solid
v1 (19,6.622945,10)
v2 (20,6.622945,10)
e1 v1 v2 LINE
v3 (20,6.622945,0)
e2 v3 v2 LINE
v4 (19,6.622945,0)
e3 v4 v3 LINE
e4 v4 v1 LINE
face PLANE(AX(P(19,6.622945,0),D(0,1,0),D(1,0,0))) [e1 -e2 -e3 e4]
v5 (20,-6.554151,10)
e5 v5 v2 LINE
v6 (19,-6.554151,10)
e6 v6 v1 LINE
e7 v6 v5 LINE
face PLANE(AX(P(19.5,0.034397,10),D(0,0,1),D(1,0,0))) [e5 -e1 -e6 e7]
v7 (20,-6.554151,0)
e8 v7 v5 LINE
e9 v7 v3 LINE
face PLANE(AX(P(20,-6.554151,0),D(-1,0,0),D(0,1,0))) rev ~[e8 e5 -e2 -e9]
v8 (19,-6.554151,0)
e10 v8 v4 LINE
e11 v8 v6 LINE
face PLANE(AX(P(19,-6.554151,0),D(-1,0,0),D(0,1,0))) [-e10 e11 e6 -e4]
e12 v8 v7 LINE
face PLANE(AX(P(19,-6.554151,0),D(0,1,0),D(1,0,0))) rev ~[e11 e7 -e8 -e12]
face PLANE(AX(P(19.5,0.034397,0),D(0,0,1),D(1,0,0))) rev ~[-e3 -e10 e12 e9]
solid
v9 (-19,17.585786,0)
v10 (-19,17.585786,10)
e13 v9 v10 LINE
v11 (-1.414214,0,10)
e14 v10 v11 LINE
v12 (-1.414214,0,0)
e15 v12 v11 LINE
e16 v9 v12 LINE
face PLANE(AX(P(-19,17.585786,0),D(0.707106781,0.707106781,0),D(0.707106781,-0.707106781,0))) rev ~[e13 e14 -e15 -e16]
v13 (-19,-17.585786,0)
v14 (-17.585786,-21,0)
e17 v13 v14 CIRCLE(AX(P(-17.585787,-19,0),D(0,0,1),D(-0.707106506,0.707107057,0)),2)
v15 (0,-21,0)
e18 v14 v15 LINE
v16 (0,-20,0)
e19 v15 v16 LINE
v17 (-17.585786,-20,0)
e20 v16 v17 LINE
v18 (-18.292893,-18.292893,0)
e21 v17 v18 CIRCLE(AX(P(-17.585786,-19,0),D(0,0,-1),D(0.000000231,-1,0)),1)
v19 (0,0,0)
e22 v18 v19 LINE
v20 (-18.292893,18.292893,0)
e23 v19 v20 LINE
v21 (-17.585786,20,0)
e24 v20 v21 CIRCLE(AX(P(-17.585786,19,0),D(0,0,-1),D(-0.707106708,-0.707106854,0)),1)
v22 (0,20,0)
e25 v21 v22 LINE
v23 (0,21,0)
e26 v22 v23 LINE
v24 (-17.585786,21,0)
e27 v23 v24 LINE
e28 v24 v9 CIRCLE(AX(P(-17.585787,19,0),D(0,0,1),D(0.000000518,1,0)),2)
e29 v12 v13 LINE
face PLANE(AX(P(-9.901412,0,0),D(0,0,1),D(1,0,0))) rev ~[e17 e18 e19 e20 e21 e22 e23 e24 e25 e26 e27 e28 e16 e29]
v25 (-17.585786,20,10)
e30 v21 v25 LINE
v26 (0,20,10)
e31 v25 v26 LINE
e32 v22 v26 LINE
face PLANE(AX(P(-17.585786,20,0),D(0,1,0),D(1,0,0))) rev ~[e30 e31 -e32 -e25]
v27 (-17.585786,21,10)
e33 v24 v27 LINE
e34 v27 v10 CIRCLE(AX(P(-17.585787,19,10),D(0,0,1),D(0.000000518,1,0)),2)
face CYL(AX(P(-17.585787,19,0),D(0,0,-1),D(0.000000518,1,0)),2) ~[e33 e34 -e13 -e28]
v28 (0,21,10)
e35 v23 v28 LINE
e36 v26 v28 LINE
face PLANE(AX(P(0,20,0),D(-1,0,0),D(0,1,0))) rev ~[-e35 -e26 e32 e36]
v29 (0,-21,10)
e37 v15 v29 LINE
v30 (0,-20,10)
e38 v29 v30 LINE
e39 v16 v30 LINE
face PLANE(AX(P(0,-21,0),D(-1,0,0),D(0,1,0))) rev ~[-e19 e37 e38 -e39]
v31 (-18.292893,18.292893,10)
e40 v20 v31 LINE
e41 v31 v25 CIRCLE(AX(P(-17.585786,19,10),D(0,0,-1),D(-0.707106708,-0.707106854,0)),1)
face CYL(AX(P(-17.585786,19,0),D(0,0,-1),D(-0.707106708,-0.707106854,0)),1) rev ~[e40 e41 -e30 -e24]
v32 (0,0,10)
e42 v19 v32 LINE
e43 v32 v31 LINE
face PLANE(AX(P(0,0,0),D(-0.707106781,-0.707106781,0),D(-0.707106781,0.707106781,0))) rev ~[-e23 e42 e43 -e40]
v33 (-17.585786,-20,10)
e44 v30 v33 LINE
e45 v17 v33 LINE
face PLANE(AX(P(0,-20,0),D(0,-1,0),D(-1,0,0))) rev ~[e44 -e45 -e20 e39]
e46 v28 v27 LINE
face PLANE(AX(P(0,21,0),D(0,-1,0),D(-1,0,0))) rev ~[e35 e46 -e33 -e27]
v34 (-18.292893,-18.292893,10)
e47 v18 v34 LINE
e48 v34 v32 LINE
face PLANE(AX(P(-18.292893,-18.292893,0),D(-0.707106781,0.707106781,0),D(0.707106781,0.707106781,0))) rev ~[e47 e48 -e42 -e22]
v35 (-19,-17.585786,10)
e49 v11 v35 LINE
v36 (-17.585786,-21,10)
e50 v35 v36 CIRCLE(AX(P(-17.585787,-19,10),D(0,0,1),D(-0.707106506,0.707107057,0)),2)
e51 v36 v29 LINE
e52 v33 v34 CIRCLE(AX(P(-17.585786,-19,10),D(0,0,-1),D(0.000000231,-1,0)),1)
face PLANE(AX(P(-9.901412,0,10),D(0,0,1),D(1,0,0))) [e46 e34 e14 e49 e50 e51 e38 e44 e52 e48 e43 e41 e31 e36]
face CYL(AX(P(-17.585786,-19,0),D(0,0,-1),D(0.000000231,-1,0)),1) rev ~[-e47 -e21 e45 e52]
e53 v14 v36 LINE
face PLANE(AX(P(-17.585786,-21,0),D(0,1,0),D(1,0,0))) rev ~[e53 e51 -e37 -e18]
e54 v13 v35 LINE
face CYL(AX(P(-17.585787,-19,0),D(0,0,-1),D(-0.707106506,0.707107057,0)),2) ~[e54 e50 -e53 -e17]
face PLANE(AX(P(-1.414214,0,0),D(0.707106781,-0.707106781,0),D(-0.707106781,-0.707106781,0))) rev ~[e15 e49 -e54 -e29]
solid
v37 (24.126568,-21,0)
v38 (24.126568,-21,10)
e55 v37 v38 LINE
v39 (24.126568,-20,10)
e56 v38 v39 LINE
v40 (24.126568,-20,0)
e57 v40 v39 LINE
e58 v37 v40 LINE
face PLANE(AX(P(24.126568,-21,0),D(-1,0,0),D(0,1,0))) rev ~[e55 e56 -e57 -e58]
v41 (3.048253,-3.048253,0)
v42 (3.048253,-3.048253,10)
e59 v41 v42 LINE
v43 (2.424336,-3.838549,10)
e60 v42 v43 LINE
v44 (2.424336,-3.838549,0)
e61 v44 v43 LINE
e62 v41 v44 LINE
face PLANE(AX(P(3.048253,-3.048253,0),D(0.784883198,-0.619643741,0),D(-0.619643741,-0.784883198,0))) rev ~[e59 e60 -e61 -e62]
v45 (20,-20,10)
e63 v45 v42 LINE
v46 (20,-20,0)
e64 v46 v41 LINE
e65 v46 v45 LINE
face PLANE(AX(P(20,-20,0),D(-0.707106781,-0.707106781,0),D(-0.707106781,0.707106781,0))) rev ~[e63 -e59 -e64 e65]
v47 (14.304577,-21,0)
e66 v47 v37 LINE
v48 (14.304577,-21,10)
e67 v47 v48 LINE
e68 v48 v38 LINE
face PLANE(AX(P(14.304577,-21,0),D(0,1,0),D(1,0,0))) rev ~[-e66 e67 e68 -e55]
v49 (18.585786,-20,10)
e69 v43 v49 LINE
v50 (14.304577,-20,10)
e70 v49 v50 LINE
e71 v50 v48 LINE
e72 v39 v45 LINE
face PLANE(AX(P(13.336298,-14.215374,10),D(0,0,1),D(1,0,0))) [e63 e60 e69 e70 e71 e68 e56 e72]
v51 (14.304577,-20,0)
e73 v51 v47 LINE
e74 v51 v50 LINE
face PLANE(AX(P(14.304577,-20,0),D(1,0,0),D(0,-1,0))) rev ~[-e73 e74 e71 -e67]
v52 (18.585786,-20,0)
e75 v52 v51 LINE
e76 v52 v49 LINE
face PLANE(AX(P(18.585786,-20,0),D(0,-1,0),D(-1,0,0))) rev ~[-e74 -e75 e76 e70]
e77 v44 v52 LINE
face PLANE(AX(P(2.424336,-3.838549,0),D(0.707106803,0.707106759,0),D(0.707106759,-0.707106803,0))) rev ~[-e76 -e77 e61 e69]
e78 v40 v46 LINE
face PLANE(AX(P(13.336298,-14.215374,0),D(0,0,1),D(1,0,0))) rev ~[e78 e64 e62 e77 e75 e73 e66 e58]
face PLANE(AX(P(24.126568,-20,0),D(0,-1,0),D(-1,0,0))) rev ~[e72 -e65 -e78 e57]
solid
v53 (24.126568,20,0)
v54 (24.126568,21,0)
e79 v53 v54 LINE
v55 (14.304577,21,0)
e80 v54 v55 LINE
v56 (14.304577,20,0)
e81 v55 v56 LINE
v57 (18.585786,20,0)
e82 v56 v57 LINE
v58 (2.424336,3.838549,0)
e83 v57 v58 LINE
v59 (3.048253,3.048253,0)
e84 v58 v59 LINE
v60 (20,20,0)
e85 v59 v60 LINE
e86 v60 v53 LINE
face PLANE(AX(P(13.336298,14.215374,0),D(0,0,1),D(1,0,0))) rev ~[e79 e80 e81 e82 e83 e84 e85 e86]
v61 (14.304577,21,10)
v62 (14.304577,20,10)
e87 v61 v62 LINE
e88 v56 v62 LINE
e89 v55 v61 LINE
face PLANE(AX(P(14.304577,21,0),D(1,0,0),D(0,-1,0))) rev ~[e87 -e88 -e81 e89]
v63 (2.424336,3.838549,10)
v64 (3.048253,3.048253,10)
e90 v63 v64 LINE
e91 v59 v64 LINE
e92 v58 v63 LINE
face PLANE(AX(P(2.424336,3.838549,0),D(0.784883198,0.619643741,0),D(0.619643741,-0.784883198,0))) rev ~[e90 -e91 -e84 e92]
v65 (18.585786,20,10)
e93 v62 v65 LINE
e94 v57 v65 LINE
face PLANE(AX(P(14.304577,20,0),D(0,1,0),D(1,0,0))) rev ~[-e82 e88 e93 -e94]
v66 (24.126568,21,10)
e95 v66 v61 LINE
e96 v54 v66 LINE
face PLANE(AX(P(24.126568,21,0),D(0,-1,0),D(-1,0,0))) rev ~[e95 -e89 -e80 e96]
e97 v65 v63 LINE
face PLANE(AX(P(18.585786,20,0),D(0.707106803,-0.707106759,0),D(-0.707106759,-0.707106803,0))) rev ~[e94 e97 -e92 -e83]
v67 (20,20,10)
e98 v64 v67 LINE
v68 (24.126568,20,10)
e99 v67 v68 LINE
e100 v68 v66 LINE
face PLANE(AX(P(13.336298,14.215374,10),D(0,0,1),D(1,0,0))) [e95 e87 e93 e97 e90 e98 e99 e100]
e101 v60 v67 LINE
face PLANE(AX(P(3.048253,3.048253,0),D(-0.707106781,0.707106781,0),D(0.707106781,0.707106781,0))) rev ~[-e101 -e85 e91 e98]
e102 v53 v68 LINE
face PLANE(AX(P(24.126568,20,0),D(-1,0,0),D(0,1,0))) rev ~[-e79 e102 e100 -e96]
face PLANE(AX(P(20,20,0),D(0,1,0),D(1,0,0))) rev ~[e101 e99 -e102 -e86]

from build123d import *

# Parameters (mm, degrees)
F0_W     = 1
F0_H     = 13.177095
F1_DEPTH = 10


with BuildPart() as f1:
    # F0 (on Top) → F1 (new body)
    with BuildSketch(Plane.XY):
        with Locations((19.5, 0.034397)):
            Rectangle(F0_W, F0_H)
        with BuildLine():
            ThreePointArc((-17.585786, -20), (-18.509666, -19.382683), (-18.292893, -18.292893))
            Line((-18.292893, -18.292893), (0, 0))
            Line((0, 0), (-18.292893, 18.292893))
            ThreePointArc((-18.292893, 18.292893), (-18.509666, 19.382683), (-17.585786, 20))
            Line((-17.585786, 20), (0, 20))
            Line((0, 20), (0, 21))
            Line((0, 21), (-17.585786, 21))
            ThreePointArc((-17.585786, 21), (-19.433546, 19.765367), (-19, 17.585786))
            Line((-19, 17.585786), (-1.414214, 0))
            Line((-1.414214, 0), (-19, -17.585786))
            ThreePointArc((-19, -17.585786), (-19.433546, -19.765367), (-17.585786, -21))
            Line((-17.585786, -21), (0, -21))
            Line((0, -21), (0, -20))
            Line((0, -20), (-17.585786, -20))
        make_face()
        Polygon((2.424336, 3.838549), (3.048253, 3.048253), (20, 20), (24.126568, 20), (24.126568, 21), (19.585786, 21), (14.304577, 21), (14.304577, 20), (18.585786, 20), align=None)
        Polygon((20, -20), (3.048253, -3.048253), (2.424336, -3.838549), (18.585786, -20), (14.304577, -20), (14.304577, -21), (19.585786, -21), (24.126568, -21), (24.126568, -20), align=None)
    extrude(amount=F1_DEPTH)


solid = f1.part
